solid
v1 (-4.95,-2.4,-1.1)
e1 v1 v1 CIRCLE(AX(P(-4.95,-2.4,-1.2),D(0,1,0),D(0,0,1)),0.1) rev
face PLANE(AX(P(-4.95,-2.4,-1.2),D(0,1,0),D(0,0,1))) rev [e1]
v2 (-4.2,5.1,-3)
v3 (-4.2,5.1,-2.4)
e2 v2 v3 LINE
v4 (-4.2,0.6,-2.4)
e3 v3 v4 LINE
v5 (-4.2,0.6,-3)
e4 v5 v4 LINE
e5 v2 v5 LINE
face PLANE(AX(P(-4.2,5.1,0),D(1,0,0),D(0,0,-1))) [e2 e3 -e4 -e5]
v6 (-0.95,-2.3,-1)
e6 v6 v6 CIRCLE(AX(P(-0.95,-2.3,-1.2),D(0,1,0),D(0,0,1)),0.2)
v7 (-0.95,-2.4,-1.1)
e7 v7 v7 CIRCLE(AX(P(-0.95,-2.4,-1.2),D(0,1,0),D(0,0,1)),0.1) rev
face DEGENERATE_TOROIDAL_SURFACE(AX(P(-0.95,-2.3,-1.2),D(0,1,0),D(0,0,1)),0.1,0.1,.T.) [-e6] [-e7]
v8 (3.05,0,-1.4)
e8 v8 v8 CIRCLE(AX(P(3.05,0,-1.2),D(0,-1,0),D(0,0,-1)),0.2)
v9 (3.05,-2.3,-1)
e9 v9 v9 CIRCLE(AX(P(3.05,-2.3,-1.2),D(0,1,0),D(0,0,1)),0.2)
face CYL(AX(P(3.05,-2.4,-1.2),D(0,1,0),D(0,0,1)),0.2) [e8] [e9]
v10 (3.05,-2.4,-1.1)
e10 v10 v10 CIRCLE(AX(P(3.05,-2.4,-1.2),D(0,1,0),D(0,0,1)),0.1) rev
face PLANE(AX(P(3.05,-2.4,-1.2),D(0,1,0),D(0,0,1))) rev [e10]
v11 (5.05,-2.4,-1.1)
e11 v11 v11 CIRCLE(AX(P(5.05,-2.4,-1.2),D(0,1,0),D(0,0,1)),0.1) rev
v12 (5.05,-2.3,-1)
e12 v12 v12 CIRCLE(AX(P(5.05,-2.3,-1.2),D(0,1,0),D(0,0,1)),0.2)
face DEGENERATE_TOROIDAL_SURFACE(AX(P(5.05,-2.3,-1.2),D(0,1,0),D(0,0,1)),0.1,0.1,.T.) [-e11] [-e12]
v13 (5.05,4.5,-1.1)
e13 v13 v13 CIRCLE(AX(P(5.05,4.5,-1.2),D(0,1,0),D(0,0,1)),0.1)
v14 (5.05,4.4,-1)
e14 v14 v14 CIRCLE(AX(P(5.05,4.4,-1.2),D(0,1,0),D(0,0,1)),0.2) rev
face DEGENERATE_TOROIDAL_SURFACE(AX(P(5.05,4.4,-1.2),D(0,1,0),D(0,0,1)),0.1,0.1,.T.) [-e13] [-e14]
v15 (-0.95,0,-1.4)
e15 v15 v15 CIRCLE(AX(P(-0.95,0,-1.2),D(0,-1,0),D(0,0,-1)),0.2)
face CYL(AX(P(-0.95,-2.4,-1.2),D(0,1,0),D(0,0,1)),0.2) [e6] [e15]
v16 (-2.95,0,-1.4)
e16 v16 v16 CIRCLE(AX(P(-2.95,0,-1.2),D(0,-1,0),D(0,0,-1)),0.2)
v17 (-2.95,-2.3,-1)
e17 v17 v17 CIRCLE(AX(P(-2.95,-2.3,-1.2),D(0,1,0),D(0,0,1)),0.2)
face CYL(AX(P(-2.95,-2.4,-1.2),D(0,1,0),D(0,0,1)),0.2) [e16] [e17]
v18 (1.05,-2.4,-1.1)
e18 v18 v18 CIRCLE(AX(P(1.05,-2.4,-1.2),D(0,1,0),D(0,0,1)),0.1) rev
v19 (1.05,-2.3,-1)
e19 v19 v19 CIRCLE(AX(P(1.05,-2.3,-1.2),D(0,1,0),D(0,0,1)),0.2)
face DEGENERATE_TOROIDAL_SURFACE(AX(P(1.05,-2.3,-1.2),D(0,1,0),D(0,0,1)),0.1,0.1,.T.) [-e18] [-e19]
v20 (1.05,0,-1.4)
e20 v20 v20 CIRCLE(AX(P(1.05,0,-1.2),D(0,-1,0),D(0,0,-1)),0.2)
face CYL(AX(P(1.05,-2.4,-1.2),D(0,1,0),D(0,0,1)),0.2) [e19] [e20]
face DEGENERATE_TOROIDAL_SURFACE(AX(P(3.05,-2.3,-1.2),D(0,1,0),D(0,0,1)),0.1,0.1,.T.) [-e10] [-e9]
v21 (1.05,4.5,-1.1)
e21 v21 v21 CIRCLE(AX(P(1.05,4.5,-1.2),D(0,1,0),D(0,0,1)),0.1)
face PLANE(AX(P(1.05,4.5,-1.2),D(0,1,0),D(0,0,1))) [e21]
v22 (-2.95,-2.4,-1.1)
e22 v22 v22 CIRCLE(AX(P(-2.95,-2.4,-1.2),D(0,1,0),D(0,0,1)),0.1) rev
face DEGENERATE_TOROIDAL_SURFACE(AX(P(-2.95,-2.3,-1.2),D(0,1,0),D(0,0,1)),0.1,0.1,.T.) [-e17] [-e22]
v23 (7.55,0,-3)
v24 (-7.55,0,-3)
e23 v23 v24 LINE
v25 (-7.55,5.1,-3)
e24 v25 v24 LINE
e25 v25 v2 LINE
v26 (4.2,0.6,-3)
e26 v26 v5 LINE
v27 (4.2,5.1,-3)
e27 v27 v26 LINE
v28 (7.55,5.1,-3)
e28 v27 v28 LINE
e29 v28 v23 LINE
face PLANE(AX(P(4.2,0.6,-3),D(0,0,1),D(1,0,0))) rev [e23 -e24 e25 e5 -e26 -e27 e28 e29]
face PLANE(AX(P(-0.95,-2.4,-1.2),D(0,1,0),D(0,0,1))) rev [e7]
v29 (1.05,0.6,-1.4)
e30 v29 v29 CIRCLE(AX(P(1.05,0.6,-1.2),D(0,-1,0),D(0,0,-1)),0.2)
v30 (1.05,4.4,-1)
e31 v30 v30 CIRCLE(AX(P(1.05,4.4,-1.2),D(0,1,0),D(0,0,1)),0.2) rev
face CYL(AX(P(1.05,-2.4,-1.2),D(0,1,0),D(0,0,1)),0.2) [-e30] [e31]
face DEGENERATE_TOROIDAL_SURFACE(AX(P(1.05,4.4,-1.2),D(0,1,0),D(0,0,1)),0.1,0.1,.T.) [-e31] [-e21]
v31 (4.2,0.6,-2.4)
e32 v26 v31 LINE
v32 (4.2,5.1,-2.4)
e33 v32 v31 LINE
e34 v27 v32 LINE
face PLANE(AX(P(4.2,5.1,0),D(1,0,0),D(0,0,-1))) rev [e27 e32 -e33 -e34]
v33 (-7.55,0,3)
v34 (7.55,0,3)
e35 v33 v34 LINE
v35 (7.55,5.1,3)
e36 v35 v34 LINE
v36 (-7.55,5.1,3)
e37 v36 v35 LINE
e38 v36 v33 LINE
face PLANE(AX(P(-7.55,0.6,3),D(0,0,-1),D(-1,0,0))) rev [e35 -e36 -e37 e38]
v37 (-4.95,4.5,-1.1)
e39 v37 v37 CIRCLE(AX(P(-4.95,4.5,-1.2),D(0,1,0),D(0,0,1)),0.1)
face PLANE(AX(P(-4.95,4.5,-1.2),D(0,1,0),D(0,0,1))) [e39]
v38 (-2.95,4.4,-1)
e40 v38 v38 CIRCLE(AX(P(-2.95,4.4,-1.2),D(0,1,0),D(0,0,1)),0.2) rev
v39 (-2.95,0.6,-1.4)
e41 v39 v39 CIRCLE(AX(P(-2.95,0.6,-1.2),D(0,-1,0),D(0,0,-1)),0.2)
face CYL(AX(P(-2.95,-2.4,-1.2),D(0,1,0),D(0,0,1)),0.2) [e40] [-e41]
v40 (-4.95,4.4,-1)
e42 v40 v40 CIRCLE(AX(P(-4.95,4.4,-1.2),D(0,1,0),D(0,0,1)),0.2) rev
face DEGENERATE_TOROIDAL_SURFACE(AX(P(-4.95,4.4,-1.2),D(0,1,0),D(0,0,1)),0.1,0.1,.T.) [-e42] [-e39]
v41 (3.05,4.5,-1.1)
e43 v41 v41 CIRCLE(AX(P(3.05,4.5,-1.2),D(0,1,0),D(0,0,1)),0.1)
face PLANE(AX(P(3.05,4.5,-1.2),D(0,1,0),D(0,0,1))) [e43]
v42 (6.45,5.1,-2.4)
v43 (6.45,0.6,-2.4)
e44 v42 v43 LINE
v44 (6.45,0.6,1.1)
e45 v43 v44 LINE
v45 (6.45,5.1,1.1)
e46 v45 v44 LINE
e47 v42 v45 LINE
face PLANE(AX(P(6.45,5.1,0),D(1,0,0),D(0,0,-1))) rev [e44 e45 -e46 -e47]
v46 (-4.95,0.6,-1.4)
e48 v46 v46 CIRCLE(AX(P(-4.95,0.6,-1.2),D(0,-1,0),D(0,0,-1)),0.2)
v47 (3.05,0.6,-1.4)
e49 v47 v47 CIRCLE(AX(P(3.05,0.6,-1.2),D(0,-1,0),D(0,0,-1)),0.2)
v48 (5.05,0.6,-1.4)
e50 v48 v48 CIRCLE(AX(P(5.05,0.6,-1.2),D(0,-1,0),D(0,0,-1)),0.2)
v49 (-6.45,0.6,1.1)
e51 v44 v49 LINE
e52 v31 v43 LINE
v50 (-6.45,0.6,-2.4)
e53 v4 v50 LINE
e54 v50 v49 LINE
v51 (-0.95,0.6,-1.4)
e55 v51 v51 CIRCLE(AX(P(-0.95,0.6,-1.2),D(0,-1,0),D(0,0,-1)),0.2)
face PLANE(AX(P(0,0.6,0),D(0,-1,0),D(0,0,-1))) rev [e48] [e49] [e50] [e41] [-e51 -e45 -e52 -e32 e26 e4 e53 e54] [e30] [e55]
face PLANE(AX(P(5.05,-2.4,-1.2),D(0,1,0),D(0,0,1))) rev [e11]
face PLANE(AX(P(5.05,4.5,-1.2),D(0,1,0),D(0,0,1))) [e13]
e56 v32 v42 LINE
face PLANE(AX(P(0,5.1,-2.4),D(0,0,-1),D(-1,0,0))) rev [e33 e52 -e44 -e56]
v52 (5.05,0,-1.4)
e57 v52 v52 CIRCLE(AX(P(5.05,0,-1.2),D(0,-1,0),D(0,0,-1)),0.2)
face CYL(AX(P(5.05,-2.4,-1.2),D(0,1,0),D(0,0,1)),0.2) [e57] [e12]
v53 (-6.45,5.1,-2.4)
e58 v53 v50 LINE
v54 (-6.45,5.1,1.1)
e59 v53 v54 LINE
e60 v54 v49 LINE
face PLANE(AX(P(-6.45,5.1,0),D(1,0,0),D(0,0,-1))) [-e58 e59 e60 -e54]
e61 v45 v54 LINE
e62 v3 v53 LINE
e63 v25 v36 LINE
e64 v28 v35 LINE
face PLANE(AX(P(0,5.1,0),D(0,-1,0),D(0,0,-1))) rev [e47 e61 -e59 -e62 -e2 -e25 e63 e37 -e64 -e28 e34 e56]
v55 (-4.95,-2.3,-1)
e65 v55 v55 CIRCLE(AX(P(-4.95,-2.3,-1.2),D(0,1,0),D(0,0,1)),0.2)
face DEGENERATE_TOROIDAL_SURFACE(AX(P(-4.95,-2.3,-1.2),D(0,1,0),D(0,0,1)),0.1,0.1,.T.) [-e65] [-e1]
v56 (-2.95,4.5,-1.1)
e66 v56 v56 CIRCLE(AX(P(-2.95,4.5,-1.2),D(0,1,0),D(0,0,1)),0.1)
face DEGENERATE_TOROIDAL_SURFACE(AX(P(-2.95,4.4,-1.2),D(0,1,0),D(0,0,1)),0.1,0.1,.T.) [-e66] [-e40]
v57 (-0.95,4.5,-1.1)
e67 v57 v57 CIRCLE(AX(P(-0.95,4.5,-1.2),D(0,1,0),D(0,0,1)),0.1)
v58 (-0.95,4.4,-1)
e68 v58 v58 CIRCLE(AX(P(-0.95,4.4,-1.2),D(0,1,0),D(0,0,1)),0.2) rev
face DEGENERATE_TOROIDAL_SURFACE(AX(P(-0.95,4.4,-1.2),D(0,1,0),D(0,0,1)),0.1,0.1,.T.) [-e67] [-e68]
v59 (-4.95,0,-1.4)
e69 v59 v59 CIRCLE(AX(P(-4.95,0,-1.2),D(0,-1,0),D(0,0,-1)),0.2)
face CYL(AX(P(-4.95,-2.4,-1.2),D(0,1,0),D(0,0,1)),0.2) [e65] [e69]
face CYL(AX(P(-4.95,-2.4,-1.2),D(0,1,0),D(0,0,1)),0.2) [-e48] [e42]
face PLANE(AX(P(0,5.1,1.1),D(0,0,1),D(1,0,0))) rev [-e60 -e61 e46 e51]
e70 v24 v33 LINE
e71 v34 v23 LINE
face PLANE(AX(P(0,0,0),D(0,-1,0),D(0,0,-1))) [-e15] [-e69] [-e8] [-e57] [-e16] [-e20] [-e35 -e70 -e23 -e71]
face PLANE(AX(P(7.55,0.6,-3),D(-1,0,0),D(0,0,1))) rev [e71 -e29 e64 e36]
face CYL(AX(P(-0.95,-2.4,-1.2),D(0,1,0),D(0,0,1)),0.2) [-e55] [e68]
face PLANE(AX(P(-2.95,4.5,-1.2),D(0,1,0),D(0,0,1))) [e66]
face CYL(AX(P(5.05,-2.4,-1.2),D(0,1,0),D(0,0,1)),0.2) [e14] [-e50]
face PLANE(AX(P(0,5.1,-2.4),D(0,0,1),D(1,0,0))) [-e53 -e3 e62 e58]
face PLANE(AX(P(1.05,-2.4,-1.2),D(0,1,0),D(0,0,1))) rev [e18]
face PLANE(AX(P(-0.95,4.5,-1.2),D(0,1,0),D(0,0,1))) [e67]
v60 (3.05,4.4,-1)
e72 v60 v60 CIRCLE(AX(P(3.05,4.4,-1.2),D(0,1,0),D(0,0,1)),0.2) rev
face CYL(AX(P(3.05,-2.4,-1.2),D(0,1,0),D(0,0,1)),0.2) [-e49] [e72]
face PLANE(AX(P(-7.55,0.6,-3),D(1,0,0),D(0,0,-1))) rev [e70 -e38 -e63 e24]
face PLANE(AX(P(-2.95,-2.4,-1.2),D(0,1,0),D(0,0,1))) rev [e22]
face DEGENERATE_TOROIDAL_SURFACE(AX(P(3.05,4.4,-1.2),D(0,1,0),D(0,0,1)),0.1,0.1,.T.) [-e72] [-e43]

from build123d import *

# Parameters (mm, degrees)
BOSS_EXTRUDE1_DEPTH      = 0.6
BOSS_EXTRUDE2_START      = 0.6
BOSS_EXTRUDE2_DEPTH      = 4.5
BOSS_EXTRUDE3_DEPTH      = 3.9
BOSS_EXTRUDE3_DEPTH_BACK = 3
SKETCH3_R                = 0.2
FILLET1_R                = 0.1


with BuildPart() as part:
    # Sketch2 → Boss-Extrude1 (new body)
    with BuildSketch(Plane(origin=(0, 0, 0), x_dir=(1, 0, 0), z_dir=(0, 1, 0))):
        Polygon((4.2, 3), (7.55, 3), (7.55, -3), (-7.55, -3), (-7.55, 3), (-4.2, 3), align=None)
    extrude(amount=BOSS_EXTRUDE1_DEPTH)

    # Sketch1 → Boss-Extrude2 (add)
    with BuildSketch(Plane(origin=(0, 0, 0), x_dir=(1, 0, 0), z_dir=(0, 1, 0)).offset(BOSS_EXTRUDE2_START)):
        Polygon((-4.2, 2.4), (-4.2, 3), (-7.55, 3), (-7.55, -3), (7.55, -3), (7.55, 3), (4.2, 3), (4.2, 2.4), (6.45, 2.4), (6.45, -1.1), (0.120203435, -1.1), (-0.120203435, -1.1), (-6.45, -1.1), (-6.45, 2.4), align=None)
    extrude(amount=BOSS_EXTRUDE2_DEPTH)

    # Sketch3 → Boss-Extrude3 (add, two sides: drawn at the far end of the back side and taken through both)
    with BuildSketch(Plane(origin=(0, 0.6, 0), x_dir=(1, 0, 0), z_dir=(0, 1, 0)).offset(-BOSS_EXTRUDE3_DEPTH_BACK)):
        with Locations(Location((-4.95, 1.2, 0), (0, 0, 270))):
            Circle(SKETCH3_R)
        with Locations(Location((-2.95, 1.2, 0), (0, 0, 270))):
            Circle(SKETCH3_R)
        with Locations(Location((-0.95, 1.2, 0), (0, 0, 270))):
            Circle(SKETCH3_R)
        with Locations(Location((1.05, 1.2, 0), (0, 0, 270))):
            Circle(SKETCH3_R)
        with Locations(Location((3.05, 1.2, 0), (0, 0, 270))):
            Circle(SKETCH3_R)
        with Locations(Location((5.05, 1.2, 0), (0, 0, 270))):
            Circle(SKETCH3_R)
    extrude(amount=BOSS_EXTRUDE3_DEPTH + BOSS_EXTRUDE3_DEPTH_BACK)

    # Fillet1
    fillet1_edges = [part.edges().sort_by_distance(p)[0] for p in [
        (-4.95, -2.4, -1.4),
        (-4.95, 4.5, -1.4),
        (-2.95, -2.4, -1.4),
        (-2.95, 4.5, -1.4),
        (-0.95, -2.4, -1.4),
        (-0.95, 4.5, -1.4),
        (1.05, -2.4, -1.4),
        (1.05, 4.5, -1.4),
        (3.05, -2.4, -1.4),
        (3.05, 4.5, -1.4),
        (5.05, -2.4, -1.4),
        (5.05, 4.5, -1.4),
    ]]
    fillet(fillet1_edges, radius=FILLET1_R)


solid = part.part
